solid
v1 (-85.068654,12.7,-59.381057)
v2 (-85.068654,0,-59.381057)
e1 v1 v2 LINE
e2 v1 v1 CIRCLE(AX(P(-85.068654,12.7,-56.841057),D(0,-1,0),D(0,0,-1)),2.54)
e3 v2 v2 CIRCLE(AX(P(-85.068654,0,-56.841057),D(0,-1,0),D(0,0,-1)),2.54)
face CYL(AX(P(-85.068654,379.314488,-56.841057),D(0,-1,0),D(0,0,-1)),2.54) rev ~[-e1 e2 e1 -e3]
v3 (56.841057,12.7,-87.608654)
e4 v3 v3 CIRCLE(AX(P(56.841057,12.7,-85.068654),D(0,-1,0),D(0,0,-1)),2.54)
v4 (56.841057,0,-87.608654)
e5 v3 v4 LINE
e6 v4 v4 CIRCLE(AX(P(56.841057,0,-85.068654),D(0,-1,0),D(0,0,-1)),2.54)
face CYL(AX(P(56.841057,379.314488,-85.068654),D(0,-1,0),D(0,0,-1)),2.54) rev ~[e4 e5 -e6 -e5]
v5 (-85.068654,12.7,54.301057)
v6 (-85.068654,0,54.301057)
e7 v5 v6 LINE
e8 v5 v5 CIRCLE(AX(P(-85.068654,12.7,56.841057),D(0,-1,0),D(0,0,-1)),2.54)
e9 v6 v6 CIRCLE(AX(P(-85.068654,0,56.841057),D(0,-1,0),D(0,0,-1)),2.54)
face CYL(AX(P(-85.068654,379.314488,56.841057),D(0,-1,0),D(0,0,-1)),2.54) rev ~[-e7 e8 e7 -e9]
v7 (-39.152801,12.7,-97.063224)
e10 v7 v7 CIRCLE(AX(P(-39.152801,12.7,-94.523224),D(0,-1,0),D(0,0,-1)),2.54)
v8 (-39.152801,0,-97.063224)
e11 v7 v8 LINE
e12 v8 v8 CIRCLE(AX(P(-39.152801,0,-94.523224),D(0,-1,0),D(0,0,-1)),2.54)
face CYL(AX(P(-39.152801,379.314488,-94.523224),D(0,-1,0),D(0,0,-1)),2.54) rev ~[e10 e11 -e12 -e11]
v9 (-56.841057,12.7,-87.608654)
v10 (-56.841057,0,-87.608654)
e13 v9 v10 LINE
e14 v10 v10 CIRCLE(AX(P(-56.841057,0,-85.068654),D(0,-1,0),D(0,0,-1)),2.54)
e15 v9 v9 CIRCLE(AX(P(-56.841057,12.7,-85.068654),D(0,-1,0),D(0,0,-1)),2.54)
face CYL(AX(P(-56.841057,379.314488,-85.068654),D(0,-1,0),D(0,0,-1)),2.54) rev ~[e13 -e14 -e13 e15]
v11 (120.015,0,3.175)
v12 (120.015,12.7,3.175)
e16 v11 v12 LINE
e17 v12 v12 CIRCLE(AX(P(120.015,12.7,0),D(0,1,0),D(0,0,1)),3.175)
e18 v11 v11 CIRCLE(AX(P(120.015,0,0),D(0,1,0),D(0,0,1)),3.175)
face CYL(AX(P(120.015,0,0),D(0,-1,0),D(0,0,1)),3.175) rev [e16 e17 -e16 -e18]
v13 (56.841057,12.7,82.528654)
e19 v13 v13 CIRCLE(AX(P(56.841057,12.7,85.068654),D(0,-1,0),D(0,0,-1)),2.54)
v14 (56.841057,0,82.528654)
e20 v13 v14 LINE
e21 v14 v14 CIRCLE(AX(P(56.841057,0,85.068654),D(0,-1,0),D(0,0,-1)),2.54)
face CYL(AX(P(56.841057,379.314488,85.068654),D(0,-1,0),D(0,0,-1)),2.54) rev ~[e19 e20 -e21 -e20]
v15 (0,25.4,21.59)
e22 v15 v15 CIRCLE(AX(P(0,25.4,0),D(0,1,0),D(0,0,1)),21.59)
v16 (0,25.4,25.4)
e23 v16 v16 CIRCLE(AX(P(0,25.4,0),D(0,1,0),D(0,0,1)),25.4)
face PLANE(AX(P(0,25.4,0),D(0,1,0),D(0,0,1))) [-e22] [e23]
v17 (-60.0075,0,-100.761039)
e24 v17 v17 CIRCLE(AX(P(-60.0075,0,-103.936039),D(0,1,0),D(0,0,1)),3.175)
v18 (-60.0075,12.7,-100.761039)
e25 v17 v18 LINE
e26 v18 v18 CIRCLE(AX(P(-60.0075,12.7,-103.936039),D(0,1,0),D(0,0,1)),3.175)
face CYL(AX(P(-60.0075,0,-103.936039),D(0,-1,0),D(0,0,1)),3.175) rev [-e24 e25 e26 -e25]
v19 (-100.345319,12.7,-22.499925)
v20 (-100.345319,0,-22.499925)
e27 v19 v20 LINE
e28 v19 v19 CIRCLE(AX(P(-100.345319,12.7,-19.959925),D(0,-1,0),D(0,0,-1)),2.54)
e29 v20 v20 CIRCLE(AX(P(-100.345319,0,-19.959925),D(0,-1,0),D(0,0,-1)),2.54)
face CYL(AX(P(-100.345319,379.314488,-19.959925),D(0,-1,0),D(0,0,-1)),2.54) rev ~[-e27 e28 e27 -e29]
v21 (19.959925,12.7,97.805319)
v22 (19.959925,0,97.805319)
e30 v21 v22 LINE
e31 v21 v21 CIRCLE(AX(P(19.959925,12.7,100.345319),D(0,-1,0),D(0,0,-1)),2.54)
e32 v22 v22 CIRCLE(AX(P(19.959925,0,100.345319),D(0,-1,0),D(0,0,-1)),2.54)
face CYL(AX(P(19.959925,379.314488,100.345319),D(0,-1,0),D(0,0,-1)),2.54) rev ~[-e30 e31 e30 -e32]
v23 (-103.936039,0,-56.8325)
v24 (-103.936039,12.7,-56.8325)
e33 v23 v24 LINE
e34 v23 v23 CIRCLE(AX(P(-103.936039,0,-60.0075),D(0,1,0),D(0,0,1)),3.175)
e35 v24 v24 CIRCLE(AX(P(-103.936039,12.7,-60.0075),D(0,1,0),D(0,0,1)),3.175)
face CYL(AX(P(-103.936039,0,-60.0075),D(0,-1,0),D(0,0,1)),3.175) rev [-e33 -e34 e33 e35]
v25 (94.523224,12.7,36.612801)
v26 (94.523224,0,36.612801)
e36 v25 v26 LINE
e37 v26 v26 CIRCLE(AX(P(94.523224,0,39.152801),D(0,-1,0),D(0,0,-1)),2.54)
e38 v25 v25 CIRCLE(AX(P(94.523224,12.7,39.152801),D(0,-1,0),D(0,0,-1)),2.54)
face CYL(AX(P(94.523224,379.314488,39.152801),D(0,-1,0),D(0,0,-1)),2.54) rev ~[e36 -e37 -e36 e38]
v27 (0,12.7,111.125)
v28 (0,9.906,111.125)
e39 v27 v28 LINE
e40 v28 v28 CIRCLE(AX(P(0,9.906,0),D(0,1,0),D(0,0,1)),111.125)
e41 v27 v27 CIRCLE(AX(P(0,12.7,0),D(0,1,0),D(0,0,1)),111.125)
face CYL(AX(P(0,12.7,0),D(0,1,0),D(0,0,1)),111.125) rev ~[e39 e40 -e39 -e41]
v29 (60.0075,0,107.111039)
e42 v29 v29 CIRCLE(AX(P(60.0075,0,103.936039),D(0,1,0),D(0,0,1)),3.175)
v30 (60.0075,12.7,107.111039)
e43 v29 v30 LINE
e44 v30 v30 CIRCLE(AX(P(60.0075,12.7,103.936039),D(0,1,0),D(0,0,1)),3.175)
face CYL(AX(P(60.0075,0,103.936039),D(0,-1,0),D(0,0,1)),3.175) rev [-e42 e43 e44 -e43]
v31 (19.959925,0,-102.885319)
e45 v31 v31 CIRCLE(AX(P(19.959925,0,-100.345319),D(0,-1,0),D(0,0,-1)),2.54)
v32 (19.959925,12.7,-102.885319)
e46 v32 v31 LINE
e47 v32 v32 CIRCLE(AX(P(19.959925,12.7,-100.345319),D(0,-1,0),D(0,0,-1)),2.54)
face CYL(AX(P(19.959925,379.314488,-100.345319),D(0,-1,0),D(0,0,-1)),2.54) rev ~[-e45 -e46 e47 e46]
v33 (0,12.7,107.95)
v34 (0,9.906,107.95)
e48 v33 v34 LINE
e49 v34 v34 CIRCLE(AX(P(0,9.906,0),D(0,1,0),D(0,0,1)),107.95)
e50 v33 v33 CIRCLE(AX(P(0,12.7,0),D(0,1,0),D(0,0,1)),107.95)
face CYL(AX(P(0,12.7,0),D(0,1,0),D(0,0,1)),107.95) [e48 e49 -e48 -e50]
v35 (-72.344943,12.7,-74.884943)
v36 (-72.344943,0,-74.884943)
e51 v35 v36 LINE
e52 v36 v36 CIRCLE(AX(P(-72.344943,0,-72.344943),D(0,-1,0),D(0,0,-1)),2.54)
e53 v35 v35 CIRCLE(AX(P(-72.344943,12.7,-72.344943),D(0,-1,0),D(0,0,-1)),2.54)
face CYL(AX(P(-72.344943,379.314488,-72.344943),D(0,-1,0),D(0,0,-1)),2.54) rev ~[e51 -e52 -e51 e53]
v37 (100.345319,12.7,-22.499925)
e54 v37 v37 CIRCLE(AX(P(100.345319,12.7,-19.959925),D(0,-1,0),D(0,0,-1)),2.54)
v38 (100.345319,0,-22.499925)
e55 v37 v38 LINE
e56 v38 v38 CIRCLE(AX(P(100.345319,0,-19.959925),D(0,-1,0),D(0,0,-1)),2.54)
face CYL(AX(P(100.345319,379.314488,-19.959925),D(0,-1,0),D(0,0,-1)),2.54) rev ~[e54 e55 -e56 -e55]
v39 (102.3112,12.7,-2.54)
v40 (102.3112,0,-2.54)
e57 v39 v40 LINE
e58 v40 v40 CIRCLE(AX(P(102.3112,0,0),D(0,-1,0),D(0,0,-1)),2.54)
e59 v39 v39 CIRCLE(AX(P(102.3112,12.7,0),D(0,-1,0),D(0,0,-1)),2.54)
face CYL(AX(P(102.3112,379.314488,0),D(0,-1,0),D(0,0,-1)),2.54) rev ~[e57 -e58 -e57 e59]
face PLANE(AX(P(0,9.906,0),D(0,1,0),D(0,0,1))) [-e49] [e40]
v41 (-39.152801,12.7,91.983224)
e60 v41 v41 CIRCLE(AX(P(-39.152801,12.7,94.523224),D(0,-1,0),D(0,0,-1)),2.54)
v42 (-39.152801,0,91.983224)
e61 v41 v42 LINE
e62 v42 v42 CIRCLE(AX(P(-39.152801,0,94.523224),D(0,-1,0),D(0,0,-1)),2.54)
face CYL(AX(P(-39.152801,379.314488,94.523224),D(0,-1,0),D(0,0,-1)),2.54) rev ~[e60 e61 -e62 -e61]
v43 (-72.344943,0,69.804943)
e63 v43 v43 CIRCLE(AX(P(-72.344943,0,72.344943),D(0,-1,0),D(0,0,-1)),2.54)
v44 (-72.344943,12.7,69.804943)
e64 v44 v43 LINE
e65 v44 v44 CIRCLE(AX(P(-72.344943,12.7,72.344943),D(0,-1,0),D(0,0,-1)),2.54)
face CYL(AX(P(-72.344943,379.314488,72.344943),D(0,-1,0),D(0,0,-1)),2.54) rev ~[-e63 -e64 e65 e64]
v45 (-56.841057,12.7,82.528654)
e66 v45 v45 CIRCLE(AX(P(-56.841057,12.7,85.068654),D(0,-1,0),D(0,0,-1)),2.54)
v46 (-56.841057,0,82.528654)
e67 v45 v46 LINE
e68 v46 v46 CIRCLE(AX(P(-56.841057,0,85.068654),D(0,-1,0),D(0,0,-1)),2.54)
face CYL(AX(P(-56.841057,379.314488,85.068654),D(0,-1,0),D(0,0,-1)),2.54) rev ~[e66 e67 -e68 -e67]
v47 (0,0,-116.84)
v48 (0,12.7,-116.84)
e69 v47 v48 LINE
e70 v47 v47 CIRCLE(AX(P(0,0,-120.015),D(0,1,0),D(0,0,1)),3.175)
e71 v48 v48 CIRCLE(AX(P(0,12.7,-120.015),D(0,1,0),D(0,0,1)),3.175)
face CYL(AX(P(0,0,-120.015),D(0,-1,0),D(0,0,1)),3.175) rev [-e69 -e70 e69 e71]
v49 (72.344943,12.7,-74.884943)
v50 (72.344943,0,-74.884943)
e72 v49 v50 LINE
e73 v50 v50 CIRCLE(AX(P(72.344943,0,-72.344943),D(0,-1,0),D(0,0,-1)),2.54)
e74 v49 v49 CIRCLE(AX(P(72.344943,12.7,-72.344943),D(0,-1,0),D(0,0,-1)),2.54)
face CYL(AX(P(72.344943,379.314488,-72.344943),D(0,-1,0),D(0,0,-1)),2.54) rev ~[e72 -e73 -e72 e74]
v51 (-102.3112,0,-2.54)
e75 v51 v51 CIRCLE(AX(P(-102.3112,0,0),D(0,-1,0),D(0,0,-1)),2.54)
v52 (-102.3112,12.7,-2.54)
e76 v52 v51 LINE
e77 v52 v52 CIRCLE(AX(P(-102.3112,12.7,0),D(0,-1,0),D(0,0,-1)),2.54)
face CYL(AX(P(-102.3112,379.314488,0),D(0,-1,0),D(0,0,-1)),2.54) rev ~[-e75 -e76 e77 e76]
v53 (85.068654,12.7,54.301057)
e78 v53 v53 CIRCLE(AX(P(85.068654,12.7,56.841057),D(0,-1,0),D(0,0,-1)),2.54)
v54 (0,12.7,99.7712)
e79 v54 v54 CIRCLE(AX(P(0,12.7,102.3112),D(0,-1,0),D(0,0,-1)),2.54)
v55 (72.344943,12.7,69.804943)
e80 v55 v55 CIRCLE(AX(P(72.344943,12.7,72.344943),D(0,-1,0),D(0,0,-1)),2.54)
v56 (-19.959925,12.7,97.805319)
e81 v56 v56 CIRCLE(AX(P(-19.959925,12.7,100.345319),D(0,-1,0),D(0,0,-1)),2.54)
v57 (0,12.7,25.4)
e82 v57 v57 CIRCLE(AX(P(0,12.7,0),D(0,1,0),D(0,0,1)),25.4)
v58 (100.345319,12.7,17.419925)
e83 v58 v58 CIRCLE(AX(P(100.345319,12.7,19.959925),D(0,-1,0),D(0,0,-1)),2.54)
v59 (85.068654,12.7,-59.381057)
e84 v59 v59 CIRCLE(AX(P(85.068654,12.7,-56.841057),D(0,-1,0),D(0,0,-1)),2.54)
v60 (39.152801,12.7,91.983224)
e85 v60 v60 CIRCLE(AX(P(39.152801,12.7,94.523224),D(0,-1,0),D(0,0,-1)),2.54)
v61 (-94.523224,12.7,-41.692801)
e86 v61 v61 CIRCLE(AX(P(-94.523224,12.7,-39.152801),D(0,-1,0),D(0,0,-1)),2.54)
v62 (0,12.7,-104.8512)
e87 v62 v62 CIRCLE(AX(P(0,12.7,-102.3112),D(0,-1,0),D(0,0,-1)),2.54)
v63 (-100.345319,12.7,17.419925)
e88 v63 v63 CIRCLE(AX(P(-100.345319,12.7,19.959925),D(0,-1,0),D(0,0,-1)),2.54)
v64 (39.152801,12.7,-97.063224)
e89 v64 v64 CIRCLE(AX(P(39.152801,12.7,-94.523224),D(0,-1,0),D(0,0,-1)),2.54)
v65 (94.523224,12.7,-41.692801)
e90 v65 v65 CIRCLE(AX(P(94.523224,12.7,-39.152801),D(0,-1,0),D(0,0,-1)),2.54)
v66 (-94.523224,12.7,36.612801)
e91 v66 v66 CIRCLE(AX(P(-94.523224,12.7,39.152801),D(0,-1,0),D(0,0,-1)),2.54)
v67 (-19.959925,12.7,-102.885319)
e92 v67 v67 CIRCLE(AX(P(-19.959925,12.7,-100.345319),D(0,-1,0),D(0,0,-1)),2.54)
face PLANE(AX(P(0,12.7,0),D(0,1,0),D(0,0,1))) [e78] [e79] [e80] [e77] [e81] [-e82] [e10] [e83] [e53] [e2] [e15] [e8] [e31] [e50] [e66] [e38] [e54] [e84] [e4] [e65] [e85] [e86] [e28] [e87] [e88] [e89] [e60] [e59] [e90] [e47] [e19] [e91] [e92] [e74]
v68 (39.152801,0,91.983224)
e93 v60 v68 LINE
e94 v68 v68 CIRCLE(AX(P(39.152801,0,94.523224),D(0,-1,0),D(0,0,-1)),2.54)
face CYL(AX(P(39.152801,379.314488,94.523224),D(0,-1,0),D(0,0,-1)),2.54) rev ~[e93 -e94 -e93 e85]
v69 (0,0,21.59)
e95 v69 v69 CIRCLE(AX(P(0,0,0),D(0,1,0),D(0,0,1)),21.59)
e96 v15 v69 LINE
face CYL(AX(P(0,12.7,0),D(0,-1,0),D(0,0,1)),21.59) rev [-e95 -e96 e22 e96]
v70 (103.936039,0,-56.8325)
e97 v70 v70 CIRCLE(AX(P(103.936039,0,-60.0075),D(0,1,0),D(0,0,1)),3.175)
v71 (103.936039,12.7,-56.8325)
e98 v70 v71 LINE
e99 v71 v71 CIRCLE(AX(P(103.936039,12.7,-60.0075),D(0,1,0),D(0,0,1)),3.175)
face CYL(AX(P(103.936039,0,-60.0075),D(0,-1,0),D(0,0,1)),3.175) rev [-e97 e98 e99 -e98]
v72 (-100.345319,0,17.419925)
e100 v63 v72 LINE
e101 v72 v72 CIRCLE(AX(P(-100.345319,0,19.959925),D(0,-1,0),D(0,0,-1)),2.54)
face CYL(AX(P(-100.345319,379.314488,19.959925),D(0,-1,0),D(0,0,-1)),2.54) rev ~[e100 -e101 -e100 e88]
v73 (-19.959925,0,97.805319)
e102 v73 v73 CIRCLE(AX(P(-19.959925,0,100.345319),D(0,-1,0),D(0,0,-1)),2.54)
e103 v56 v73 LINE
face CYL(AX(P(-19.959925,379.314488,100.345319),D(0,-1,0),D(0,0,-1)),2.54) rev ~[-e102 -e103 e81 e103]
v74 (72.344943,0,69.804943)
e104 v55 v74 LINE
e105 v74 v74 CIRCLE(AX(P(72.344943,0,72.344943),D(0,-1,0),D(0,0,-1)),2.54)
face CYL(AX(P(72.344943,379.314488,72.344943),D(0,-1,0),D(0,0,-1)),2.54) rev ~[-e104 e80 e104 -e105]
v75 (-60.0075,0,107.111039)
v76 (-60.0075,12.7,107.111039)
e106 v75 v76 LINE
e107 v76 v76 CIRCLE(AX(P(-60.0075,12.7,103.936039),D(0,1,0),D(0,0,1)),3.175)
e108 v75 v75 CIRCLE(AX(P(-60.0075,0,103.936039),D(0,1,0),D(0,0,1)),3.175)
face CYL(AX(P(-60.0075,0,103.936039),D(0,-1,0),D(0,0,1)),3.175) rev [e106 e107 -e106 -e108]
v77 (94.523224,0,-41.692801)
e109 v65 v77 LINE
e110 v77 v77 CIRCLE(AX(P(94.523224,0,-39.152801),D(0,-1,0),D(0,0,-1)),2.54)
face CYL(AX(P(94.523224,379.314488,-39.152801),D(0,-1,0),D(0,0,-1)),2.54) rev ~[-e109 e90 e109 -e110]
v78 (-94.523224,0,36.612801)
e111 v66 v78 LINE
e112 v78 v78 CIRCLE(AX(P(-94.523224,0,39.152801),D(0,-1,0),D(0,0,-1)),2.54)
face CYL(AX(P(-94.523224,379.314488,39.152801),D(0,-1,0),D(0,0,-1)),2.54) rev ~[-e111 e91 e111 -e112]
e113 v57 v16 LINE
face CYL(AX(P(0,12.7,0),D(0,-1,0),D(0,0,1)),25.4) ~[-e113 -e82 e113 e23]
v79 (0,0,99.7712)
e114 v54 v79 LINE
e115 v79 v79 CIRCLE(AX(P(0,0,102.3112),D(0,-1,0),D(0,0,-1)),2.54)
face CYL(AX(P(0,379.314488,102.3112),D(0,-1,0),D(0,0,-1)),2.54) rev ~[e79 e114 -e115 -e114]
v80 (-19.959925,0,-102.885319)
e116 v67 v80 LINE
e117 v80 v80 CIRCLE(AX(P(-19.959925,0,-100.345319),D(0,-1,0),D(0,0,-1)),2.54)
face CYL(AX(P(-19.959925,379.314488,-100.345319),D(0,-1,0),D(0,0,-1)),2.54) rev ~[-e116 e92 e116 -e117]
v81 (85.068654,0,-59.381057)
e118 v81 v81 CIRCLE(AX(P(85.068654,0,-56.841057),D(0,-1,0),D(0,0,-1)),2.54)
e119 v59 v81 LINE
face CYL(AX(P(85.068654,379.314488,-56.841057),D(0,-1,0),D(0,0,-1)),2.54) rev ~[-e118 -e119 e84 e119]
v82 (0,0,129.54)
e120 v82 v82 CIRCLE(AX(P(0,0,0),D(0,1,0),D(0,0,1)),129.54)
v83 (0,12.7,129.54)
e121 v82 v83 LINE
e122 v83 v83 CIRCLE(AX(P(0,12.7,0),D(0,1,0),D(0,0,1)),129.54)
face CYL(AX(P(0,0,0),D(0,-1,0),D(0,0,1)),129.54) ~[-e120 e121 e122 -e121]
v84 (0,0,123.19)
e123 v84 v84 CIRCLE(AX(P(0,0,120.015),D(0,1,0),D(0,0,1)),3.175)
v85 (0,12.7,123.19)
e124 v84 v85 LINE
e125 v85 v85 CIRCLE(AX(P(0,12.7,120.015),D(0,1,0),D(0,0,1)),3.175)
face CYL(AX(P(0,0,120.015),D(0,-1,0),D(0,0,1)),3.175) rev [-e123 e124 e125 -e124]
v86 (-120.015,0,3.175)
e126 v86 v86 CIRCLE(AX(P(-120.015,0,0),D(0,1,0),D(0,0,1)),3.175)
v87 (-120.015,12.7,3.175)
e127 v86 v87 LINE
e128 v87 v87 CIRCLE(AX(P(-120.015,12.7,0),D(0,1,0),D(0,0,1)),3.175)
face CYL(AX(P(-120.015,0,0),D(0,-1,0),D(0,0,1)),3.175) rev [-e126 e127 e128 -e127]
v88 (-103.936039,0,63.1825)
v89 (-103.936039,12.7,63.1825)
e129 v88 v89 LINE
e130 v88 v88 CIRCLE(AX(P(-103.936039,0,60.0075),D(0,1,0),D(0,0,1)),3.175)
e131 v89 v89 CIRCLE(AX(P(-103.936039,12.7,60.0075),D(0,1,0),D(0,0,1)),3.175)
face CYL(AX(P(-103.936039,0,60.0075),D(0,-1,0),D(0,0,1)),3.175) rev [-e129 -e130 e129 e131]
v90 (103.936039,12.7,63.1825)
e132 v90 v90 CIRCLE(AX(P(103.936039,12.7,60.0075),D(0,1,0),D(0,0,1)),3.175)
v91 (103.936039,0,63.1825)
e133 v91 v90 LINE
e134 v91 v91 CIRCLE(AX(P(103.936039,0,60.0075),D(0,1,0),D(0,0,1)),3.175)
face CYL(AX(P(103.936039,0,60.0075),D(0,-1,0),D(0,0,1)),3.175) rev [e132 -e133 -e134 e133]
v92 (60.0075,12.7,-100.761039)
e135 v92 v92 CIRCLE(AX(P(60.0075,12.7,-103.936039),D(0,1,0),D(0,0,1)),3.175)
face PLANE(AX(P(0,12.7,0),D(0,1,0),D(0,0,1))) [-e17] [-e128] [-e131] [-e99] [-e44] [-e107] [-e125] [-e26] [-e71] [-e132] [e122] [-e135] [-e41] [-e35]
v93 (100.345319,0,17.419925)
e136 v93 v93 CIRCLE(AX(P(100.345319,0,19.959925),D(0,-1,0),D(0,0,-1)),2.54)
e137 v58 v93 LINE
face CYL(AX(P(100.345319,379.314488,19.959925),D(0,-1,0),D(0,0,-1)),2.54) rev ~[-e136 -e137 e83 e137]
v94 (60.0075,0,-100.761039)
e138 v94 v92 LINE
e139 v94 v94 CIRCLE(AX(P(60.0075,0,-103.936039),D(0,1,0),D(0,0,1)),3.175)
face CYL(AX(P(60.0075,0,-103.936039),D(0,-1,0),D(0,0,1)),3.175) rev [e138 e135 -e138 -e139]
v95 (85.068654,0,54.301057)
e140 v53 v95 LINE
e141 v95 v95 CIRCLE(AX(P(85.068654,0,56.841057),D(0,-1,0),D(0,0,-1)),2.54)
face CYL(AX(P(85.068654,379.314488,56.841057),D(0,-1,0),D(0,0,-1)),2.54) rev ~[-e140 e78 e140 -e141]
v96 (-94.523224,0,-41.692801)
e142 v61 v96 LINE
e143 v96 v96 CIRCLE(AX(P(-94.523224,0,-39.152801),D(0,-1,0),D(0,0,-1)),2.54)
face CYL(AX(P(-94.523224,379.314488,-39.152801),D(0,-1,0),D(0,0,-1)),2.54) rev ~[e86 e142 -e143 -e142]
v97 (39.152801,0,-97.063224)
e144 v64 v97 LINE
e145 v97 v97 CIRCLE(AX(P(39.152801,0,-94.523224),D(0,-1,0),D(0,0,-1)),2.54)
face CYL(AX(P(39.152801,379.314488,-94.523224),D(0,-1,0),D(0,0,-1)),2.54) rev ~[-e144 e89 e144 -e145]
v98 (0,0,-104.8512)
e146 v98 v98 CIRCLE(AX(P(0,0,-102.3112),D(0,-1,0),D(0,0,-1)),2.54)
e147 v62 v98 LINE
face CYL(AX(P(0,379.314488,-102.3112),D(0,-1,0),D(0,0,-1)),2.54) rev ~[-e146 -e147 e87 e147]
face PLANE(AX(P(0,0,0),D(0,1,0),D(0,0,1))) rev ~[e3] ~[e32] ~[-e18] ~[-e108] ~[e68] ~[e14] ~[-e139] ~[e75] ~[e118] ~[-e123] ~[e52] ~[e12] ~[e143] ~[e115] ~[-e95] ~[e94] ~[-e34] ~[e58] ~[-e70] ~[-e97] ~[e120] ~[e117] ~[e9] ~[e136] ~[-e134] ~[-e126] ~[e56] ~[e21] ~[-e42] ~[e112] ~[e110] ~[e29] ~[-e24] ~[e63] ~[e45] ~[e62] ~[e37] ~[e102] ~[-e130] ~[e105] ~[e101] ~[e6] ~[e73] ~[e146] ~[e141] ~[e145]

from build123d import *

# Parameters (mm, degrees)
SKETCH1_R                  = 129.54
SKETCH1_R_2                = 21.59
SKETCH1_R_3                = 3.175
BOSS_EXTRUDE1_DEPTH        = 12.7
SKETCH2_R                  = 111.125
SKETCH2_R_2                = 107.95
CUT_EXTRUDE1_DEPTH         = 2.794
F_1_4_0_2_DIAMETER_HOLE1_D = 5.08
SKETCH5_R                  = 25.4
SKETCH5_R_2                = 21.59
BOSS_EXTRUDE2_DEPTH        = 12.7


with BuildPart() as part:
    # Sketch1 → Boss-Extrude1 (new body)
    with BuildSketch(Plane(origin=(0, 0, 0), x_dir=(1, 0, 0), z_dir=(0, 1, 0))):
        with Locations(Location((0, 0, 0), (0, 0, 270))):
            Circle(SKETCH1_R)
        with Locations(Location((0, 0, 0), (0, 0, 270))):
            Circle(SKETCH1_R_2, mode=Mode.SUBTRACT)
        with Locations(Location((0, 120.015, 0), (0, 0, 270))):
            Circle(SKETCH1_R_3, mode=Mode.SUBTRACT)
        with Locations(Location((60.0075, 103.936038835, 0), (0, 0, 270))):
            Circle(SKETCH1_R_3, mode=Mode.SUBTRACT)
        with Locations(Location((103.936038835, 60.0075, 0), (0, 0, 270))):
            Circle(SKETCH1_R_3, mode=Mode.SUBTRACT)
        with Locations(Location((120.015, 0, 0), (0, 0, 270))):
            Circle(SKETCH1_R_3, mode=Mode.SUBTRACT)
        with Locations(Location((103.936038835, -60.0075, 0), (0, 0, 270))):
            Circle(SKETCH1_R_3, mode=Mode.SUBTRACT)
        with Locations(Location((60.0075, -103.936038835, 0), (0, 0, 270))):
            Circle(SKETCH1_R_3, mode=Mode.SUBTRACT)
        with Locations(Location((0, -120.015, 0), (0, 0, 270))):
            Circle(SKETCH1_R_3, mode=Mode.SUBTRACT)
        with Locations(Location((-60.0075, -103.936038835, 0), (0, 0, 270))):
            Circle(SKETCH1_R_3, mode=Mode.SUBTRACT)
        with Locations(Location((-103.936038835, -60.0075, 0), (0, 0, 270))):
            Circle(SKETCH1_R_3, mode=Mode.SUBTRACT)
        with Locations(Location((-120.015, 0, 0), (0, 0, 270))):
            Circle(SKETCH1_R_3, mode=Mode.SUBTRACT)
        with Locations(Location((-103.936038835, 60.0075, 0), (0, 0, 270))):
            Circle(SKETCH1_R_3, mode=Mode.SUBTRACT)
        with Locations(Location((-60.0075, 103.936038835, 0), (0, 0, 270))):
            Circle(SKETCH1_R_3, mode=Mode.SUBTRACT)
    extrude(amount=BOSS_EXTRUDE1_DEPTH)

    # Sketch2 → Cut-Extrude1 (cut)
    with BuildSketch(Plane(origin=(0, 12.7, 0), x_dir=(1, 0, 0), z_dir=(0, 1, 0))):
        with Locations(Location((0, 0, 0), (0, 0, 270))):
            Circle(SKETCH2_R)
        with Locations(Location((0, 0, 0), (0, 0, 270))):
            Circle(SKETCH2_R_2, mode=Mode.SUBTRACT)
    extrude(amount=-CUT_EXTRUDE1_DEPTH, mode=Mode.SUBTRACT)

    # 1/4 (0.2) Diameter Hole1 (through all)
    with Locations(Plane(origin=(19.959924954, 12.7, -100.34531898), x_dir=(0, 0, 1), z_dir=(0, 1, 0))):
        with Locations((0, 0), (5.822095353, 19.192876231), (15.276665182, 36.881132271), (28.000375669, 52.385018357), (43.504261755, 65.108728844), (61.192517795, 74.563298673), (80.385394026, 80.385394026), (100.34531898, 82.351275046), (120.305243934, 80.385394026), (139.498120165, 74.563298673), (157.186376204, 65.108728844), (172.690262291, 52.385018357), (185.413972778, 36.881132271), (194.868542607, 19.192876231), (200.69063796, 0), (202.65651898, -19.959924954), (200.69063796, -39.919849908), (194.868542607, -59.112726139), (185.413972778, -76.800982178), (172.690262291, -92.304868265), (157.186376205, -105.028578752), (139.498120165, -114.483148581), (120.305243934, -120.305243934), (100.34531898, -122.271124954), (80.385394026, -120.305243934), (61.192517795, -114.483148581), (43.504261756, -105.028578752), (28.000375669, -92.304868265), (15.276665182, -76.800982179), (5.822095353, -59.112726139), (0, -39.919849908), (-1.96588102, -19.959924954)):
            Hole(F_1_4_0_2_DIAMETER_HOLE1_D / 2)

    # Sketch5 → Boss-Extrude2 (add)
    with BuildSketch(Plane(origin=(0, 12.7, 0), x_dir=(1, 0, 0), z_dir=(0, 1, 0))):
        with Locations(Location((0, 0, 0), (0, 0, 270))):
            Circle(SKETCH5_R)
        with Locations(Location((0, 0, 0), (0, 0, 270))):
            Circle(SKETCH5_R_2, mode=Mode.SUBTRACT)
    extrude(amount=BOSS_EXTRUDE2_DEPTH)


solid = part.part
